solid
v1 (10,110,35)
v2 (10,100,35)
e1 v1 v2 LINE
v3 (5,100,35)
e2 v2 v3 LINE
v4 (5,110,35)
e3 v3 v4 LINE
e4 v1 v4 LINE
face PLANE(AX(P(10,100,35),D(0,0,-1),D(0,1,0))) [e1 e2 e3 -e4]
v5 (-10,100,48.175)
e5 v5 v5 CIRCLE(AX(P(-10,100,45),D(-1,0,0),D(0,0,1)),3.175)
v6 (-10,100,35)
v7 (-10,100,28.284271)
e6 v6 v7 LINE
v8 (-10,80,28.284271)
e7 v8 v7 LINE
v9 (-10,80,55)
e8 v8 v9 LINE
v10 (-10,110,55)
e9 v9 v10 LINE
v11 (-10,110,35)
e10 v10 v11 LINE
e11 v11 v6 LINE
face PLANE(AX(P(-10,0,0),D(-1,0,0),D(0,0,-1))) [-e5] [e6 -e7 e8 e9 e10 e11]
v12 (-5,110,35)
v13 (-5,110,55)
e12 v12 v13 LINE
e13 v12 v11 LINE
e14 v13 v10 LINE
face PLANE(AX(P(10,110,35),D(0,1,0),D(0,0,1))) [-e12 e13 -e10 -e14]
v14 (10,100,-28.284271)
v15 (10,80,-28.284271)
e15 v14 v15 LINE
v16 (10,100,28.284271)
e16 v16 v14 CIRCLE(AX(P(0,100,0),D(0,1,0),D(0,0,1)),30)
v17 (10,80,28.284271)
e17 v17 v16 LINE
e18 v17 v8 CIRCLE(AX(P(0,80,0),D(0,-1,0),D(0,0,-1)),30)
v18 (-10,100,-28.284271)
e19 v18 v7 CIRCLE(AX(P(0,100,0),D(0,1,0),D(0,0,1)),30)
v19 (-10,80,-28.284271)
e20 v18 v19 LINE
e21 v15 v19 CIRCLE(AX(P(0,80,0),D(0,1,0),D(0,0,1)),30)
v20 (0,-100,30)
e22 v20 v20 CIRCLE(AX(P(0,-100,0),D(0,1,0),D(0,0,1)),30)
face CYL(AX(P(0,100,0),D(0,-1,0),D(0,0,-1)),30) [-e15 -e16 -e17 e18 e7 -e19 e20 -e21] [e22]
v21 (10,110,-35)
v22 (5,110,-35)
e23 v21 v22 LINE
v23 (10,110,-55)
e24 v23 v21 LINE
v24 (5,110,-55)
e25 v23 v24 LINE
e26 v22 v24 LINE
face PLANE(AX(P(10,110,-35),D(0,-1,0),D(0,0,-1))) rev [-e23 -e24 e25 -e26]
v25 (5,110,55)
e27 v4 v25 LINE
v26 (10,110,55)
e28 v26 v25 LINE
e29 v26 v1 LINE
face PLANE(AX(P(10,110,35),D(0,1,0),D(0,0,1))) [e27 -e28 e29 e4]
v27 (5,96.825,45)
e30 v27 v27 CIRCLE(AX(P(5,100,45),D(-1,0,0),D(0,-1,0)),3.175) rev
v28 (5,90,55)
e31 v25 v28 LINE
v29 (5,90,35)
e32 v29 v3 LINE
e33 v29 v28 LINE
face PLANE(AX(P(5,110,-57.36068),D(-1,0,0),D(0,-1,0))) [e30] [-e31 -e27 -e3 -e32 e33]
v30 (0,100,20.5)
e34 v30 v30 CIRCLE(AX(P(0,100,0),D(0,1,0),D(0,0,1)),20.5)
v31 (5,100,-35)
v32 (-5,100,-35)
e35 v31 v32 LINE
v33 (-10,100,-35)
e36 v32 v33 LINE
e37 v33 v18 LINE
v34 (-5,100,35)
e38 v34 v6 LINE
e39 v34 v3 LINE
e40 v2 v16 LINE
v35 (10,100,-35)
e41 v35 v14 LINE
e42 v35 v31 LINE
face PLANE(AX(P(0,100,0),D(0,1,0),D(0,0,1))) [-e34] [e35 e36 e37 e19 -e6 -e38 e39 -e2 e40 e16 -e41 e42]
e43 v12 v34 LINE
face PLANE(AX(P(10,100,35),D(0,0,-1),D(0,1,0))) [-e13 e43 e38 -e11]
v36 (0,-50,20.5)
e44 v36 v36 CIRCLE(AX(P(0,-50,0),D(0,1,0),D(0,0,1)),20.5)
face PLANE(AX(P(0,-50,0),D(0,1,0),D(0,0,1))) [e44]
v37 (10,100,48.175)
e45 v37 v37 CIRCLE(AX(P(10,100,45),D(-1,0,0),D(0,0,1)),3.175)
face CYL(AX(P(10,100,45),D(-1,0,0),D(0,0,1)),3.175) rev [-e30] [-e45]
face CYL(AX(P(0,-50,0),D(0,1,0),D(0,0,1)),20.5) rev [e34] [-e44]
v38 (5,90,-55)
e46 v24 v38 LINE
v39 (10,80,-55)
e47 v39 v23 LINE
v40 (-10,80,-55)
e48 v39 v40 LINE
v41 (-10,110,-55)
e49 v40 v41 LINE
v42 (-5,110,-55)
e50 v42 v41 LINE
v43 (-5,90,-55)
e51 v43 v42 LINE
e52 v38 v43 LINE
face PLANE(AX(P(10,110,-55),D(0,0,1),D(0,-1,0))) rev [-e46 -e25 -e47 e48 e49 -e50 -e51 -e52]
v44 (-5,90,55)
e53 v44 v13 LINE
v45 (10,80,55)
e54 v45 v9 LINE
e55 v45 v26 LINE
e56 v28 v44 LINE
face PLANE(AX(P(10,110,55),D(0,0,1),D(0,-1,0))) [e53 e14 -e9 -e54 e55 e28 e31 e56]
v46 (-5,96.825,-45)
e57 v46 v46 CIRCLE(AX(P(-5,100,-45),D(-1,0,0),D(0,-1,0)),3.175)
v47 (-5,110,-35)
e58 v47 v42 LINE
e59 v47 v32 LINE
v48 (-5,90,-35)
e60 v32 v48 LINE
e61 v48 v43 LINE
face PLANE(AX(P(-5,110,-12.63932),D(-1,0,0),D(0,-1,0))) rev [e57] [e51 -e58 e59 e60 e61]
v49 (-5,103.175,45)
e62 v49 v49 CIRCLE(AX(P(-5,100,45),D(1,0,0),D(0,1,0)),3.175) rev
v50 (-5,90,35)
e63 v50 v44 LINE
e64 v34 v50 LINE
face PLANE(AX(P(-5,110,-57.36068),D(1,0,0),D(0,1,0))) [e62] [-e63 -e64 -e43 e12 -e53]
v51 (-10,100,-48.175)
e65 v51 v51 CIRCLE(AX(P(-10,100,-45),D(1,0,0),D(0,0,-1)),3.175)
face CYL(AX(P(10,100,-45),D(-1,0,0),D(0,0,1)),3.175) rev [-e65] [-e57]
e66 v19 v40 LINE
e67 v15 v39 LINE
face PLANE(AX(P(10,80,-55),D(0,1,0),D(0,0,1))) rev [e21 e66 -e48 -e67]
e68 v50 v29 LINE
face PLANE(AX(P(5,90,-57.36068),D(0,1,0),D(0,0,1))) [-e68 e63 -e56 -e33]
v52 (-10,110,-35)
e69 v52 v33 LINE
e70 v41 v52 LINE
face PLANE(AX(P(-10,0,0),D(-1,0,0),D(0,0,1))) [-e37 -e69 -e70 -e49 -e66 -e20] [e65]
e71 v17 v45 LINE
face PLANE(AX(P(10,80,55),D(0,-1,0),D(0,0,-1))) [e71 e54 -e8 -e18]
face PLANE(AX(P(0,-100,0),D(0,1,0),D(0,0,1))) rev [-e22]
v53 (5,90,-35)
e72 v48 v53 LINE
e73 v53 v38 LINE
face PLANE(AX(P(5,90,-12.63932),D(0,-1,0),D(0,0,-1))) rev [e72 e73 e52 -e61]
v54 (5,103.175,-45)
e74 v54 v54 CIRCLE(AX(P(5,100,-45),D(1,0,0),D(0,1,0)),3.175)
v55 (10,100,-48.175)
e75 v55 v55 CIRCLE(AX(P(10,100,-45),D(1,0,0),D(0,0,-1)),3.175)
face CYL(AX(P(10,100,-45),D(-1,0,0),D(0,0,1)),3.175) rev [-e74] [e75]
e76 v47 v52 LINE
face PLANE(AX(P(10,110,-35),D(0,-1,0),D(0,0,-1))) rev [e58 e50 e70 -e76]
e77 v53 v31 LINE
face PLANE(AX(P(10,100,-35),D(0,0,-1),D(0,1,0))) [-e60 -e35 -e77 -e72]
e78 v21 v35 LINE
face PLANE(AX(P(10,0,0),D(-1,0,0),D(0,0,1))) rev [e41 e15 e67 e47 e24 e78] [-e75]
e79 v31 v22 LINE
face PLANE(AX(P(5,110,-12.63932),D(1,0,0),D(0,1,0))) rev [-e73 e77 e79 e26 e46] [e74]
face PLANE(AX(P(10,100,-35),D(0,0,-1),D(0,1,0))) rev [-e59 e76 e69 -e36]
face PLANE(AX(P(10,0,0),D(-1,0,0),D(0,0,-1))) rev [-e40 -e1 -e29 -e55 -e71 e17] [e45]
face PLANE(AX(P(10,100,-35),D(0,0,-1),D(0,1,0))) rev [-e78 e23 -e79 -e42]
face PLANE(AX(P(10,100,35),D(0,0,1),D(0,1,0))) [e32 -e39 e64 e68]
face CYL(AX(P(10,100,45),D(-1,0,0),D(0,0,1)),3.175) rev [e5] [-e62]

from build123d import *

# Parameters (mm, degrees)
SKETCH1_R           = 30
BOSS_EXTRUDE1_DEPTH = 100
SKETCH2_R           = 20.5
CUT_EXTRUDE1_DEPTH  = 150
SKETCH3_R           = 3.175
BOSS_EXTRUDE3_DEPTH = 10
CUT_EXTRUDE2_REACH  = 144.215
SKETCH4_W           = 10
SKETCH4_H           = 20


with BuildPart() as part:
    # Sketch1 → Boss-Extrude1 (new, symmetric)
    with BuildSketch(Plane(origin=(0, 0, 0), x_dir=(1, 0, 0), z_dir=(0, 1, 0))):
        with Locations(Location((0, 0, 0), (0, 0, 270))):
            Circle(SKETCH1_R)
    extrude(amount=BOSS_EXTRUDE1_DEPTH, both=True)

    # Sketch2 → Cut-Extrude1 (cut)
    with BuildSketch(Plane(origin=(0, 100, 0), x_dir=(1, 0, 0), z_dir=(0, 1, 0))):
        with Locations(Location((0, 0, 0), (0, 0, 270))):
            Circle(SKETCH2_R)
    extrude(amount=-CUT_EXTRUDE1_DEPTH, mode=Mode.SUBTRACT)

    # Sketch3 → Boss-Extrude3 (add, symmetric)
    with BuildSketch(Plane(origin=(0, 0, 0), x_dir=(0, 0, -1), z_dir=(1, 0, 0))):
        Polygon((20.5, 100), (35, 100), (35, 110), (55, 110), (55, 80), (20.5, 80), align=None)
        with Locations((45, 100)):
            Circle(SKETCH3_R, mode=Mode.SUBTRACT)
    boss_extrude3 = extrude(amount=BOSS_EXTRUDE3_DEPTH, both=True)

    # Cut-Extrude2: up to this face of the body (flat: up to its plane)
    cut_extrude2_end = Plane(part.part.faces().sort_by_distance((0, 105, -35))[0])
    # Sketch4 → Cut-Extrude2 (cut, up to the picked face)
    with BuildSketch(Plane(origin=(0, 0, -55), x_dir=(-1, 0, 0), z_dir=(0, 0, -1)), mode=Mode.PRIVATE) as cut_extrude2_sk1:
        with Locations((0, 100)):
            Rectangle(SKETCH4_W, SKETCH4_H)
    cut_extrude2_tool1 = split(extrude(cut_extrude2_sk1.sketch, amount=-CUT_EXTRUDE2_REACH, mode=Mode.PRIVATE), bisect_by=cut_extrude2_end, keep=Keep.BOTH, mode=Mode.PRIVATE)
    cut_extrude2 = cut_extrude2_tool1.solids().sort_by(Axis((0, 100, -55), (0, 0, 1)))[0]
    add(cut_extrude2, mode=Mode.SUBTRACT)

    # Mirror1: Boss-Extrude3, Cut-Extrude2 across plane
    add(boss_extrude3.mirror(Plane.XY))
    add(cut_extrude2.mirror(Plane.XY), mode=Mode.SUBTRACT)


solid = part.part
